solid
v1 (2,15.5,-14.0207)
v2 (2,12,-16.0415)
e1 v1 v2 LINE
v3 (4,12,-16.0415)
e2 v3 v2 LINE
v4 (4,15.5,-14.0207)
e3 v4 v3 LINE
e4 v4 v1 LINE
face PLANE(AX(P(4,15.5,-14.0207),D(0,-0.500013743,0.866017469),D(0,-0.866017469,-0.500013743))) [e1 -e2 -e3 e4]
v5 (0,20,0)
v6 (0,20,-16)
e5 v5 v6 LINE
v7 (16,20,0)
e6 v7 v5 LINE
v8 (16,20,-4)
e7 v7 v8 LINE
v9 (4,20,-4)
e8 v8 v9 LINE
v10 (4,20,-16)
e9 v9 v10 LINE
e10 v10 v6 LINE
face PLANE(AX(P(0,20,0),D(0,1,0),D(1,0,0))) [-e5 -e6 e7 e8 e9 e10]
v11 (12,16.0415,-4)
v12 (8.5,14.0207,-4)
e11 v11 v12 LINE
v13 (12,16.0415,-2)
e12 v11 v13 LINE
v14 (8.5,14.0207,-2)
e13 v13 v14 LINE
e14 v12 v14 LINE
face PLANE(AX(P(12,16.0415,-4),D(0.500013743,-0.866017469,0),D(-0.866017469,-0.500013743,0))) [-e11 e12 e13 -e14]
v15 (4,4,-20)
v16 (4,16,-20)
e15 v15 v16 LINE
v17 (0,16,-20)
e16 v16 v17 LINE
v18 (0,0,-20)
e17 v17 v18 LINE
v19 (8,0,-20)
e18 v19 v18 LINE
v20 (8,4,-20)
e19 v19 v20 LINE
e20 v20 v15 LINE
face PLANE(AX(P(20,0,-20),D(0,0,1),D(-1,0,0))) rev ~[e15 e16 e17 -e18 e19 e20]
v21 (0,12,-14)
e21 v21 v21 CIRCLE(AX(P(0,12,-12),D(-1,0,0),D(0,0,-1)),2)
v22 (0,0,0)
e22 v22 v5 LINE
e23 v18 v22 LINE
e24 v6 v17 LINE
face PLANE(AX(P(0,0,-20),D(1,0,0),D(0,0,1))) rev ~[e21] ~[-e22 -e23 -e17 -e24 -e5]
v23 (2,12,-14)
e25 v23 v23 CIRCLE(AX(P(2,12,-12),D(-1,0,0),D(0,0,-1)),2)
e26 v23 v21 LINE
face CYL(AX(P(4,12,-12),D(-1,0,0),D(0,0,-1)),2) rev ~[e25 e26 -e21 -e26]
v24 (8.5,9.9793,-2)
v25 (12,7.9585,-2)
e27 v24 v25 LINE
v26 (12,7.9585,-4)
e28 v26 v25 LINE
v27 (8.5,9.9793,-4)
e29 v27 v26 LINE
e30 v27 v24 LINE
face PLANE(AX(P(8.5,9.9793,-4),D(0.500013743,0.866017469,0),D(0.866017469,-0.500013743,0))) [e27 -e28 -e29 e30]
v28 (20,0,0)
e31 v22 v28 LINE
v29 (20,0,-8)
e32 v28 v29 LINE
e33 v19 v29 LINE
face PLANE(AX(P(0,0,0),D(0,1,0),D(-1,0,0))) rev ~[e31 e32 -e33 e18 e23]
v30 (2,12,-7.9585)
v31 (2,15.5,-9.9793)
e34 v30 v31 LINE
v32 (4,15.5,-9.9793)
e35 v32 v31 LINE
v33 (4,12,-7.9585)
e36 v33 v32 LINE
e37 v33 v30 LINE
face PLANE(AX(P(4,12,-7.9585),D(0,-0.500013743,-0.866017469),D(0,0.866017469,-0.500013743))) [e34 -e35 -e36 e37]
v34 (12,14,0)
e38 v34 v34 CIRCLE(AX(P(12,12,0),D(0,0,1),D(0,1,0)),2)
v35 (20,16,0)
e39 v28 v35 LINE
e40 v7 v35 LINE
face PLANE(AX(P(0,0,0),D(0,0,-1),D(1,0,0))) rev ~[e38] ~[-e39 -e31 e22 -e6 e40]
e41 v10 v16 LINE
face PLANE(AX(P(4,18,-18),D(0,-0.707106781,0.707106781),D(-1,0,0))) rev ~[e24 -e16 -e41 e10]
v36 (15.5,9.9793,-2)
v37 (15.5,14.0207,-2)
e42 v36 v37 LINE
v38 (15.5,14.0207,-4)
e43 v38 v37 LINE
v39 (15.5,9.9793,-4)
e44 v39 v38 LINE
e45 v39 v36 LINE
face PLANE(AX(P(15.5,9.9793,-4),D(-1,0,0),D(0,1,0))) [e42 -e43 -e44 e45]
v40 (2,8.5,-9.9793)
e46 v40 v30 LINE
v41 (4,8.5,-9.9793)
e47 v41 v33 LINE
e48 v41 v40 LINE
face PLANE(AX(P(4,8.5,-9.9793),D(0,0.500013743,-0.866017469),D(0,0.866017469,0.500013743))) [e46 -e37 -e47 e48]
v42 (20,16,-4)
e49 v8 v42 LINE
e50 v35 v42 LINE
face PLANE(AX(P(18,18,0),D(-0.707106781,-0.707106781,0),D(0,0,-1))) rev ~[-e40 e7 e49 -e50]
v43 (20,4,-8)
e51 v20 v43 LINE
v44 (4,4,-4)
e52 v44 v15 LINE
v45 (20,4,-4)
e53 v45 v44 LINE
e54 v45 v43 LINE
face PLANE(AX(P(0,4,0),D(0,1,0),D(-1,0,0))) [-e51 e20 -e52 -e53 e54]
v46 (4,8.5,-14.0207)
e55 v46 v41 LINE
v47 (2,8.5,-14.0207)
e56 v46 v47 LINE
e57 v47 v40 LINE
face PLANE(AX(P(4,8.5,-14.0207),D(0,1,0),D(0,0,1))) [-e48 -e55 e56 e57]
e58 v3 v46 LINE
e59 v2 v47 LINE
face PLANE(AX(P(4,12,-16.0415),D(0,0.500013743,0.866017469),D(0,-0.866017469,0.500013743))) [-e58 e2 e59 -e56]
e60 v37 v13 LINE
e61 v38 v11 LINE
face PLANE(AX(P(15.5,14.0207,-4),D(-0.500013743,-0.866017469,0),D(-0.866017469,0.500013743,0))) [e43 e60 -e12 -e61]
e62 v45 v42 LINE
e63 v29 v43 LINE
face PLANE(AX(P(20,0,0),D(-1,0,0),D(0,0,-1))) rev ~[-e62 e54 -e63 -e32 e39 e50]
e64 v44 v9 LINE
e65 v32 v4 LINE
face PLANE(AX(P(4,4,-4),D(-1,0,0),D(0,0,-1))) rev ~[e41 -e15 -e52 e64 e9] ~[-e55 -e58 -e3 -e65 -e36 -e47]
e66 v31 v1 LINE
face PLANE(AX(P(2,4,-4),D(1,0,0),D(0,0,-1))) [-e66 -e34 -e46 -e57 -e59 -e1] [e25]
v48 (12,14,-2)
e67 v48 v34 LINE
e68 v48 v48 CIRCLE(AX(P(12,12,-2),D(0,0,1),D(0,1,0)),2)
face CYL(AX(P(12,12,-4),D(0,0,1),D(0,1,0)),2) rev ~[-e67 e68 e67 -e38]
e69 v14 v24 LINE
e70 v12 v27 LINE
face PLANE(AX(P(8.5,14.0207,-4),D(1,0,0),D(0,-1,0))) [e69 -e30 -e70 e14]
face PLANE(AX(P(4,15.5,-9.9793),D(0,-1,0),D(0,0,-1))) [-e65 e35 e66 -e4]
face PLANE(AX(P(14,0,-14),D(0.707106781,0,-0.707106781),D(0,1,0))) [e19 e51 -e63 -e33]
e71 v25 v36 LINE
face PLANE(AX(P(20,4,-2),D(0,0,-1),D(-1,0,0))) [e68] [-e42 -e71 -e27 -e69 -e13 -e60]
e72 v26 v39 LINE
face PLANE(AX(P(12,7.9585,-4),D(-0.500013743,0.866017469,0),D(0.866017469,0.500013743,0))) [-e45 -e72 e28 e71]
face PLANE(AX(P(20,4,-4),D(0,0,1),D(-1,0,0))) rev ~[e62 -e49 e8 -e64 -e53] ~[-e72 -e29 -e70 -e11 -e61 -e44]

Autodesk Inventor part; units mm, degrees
ref_plane "YZ Plane" through (0, 0, 0) normal (1, 0, 0) x (0, 1, 0)
ref_plane "XZ Plane" through (0, 0, 0) normal (0, 1, 0) x (-1, 0, 0)
ref_plane "XY Plane" through (0, 0, 0) normal (0, 0, 1) x (1, 0, 0)
sketch "Sketch1" plane through (0, 0, 0) normal (0, 1, 0) x (-1, 0, 0)
  line L0 (0, 0) -> (-20, 0)
  line L1 (-20, 0) -> (-20, -20)
  line L2 (-20, -20) -> (0, -20)
  line L3 (0, -20) -> (0, 0)
  dimension "d0" = 20
  dimension "d1" = 20
extrude "Extrusion1" add sketch "Sketch1" along normal blind 4
sketch "Sketch2" plane through (0, 4, 0) normal (0, 1, 0) x (1, 0, 0)
  line L0 (0, 0) -> (20, 0)
  line L1 (20, 0) -> (20, 4)
  line L2 (20, 4) -> (4, 4)
  line L3 (0, 4) -> (0, 0)
  line L4 (0, 0) -> (4, 0)
  line L5 (4, 20) -> (0, 20)
  line L6 (0, 20) -> (0, 0)
  line L7 (4, 4) -> (4, 20)
  line L8 (0, 0) -> (20, 0) projected
  line L9 (0, 0) -> (20, 0)
  line L10 (0, 20) -> (0, 0) projected
  line L11 (0, 0) -> (0, 20)
extrude "Extrusion2" add sketch "Sketch2" along normal blind 16
hole "Hole2" at (12, 12, -4) direction (0, 0, 1) diameter 4 end through all
hole "Hole3" at (4, 12, -12) direction (-1, 0, 0) diameter 4 end through all
chamfer "Chamfer1" distance 12 angle 45 1 edges at (20, 2, -20)
chamfer "Chamfer2" distance 4 angle 45 1 edges at (20, 20, -2)
chamfer "Chamfer3" distance 4 angle 45 1 edges at (2, 20, -20)
sketch "Sketch3" plane through (20, 4, -4) normal (0, 0, -1) x (-1, 0, 0)
  line L0 (8, 12.0415) -> (11.5, 10.0207)
  line L1 (11.5, 10.0207) -> (11.5, 5.9793)
  line L2 (11.5, 5.9793) -> (8, 3.9585)
  line L3 (8, 3.9585) -> (4.5, 5.9793)
  line L4 (4.5, 5.9793) -> (4.5, 10.0207)
  line L5 (4.5, 10.0207) -> (8, 12.0415)
  point P0 (20, -4)
  point P1 (8, 8)
  dimension "d51" = 7
sketch "Sketch4" plane through (4, 4, -4) normal (1, 0, 0) x (0, 0, -1)
  line L0 (3.9585, 8) -> (5.9793, 11.5)
  line L1 (5.9793, 11.5) -> (10.0207, 11.5)
  line L2 (10.0207, 11.5) -> (12.0415, 8)
  line L3 (12.0415, 8) -> (10.0207, 4.5)
  line L4 (10.0207, 4.5) -> (5.9793, 4.5)
  line L5 (5.9793, 4.5) -> (3.9585, 8)
  point P0 (-4, -4)
  point P1 (8, 8)
  dimension "d52" = 7
extrude "Extrusion3" cut sketch "Sketch3" against normal blind 2
extrude "Extrusion4" cut sketch "Sketch4" against normal blind 2
properties part number "Frame2WayBlock" material "PLA Orange"
